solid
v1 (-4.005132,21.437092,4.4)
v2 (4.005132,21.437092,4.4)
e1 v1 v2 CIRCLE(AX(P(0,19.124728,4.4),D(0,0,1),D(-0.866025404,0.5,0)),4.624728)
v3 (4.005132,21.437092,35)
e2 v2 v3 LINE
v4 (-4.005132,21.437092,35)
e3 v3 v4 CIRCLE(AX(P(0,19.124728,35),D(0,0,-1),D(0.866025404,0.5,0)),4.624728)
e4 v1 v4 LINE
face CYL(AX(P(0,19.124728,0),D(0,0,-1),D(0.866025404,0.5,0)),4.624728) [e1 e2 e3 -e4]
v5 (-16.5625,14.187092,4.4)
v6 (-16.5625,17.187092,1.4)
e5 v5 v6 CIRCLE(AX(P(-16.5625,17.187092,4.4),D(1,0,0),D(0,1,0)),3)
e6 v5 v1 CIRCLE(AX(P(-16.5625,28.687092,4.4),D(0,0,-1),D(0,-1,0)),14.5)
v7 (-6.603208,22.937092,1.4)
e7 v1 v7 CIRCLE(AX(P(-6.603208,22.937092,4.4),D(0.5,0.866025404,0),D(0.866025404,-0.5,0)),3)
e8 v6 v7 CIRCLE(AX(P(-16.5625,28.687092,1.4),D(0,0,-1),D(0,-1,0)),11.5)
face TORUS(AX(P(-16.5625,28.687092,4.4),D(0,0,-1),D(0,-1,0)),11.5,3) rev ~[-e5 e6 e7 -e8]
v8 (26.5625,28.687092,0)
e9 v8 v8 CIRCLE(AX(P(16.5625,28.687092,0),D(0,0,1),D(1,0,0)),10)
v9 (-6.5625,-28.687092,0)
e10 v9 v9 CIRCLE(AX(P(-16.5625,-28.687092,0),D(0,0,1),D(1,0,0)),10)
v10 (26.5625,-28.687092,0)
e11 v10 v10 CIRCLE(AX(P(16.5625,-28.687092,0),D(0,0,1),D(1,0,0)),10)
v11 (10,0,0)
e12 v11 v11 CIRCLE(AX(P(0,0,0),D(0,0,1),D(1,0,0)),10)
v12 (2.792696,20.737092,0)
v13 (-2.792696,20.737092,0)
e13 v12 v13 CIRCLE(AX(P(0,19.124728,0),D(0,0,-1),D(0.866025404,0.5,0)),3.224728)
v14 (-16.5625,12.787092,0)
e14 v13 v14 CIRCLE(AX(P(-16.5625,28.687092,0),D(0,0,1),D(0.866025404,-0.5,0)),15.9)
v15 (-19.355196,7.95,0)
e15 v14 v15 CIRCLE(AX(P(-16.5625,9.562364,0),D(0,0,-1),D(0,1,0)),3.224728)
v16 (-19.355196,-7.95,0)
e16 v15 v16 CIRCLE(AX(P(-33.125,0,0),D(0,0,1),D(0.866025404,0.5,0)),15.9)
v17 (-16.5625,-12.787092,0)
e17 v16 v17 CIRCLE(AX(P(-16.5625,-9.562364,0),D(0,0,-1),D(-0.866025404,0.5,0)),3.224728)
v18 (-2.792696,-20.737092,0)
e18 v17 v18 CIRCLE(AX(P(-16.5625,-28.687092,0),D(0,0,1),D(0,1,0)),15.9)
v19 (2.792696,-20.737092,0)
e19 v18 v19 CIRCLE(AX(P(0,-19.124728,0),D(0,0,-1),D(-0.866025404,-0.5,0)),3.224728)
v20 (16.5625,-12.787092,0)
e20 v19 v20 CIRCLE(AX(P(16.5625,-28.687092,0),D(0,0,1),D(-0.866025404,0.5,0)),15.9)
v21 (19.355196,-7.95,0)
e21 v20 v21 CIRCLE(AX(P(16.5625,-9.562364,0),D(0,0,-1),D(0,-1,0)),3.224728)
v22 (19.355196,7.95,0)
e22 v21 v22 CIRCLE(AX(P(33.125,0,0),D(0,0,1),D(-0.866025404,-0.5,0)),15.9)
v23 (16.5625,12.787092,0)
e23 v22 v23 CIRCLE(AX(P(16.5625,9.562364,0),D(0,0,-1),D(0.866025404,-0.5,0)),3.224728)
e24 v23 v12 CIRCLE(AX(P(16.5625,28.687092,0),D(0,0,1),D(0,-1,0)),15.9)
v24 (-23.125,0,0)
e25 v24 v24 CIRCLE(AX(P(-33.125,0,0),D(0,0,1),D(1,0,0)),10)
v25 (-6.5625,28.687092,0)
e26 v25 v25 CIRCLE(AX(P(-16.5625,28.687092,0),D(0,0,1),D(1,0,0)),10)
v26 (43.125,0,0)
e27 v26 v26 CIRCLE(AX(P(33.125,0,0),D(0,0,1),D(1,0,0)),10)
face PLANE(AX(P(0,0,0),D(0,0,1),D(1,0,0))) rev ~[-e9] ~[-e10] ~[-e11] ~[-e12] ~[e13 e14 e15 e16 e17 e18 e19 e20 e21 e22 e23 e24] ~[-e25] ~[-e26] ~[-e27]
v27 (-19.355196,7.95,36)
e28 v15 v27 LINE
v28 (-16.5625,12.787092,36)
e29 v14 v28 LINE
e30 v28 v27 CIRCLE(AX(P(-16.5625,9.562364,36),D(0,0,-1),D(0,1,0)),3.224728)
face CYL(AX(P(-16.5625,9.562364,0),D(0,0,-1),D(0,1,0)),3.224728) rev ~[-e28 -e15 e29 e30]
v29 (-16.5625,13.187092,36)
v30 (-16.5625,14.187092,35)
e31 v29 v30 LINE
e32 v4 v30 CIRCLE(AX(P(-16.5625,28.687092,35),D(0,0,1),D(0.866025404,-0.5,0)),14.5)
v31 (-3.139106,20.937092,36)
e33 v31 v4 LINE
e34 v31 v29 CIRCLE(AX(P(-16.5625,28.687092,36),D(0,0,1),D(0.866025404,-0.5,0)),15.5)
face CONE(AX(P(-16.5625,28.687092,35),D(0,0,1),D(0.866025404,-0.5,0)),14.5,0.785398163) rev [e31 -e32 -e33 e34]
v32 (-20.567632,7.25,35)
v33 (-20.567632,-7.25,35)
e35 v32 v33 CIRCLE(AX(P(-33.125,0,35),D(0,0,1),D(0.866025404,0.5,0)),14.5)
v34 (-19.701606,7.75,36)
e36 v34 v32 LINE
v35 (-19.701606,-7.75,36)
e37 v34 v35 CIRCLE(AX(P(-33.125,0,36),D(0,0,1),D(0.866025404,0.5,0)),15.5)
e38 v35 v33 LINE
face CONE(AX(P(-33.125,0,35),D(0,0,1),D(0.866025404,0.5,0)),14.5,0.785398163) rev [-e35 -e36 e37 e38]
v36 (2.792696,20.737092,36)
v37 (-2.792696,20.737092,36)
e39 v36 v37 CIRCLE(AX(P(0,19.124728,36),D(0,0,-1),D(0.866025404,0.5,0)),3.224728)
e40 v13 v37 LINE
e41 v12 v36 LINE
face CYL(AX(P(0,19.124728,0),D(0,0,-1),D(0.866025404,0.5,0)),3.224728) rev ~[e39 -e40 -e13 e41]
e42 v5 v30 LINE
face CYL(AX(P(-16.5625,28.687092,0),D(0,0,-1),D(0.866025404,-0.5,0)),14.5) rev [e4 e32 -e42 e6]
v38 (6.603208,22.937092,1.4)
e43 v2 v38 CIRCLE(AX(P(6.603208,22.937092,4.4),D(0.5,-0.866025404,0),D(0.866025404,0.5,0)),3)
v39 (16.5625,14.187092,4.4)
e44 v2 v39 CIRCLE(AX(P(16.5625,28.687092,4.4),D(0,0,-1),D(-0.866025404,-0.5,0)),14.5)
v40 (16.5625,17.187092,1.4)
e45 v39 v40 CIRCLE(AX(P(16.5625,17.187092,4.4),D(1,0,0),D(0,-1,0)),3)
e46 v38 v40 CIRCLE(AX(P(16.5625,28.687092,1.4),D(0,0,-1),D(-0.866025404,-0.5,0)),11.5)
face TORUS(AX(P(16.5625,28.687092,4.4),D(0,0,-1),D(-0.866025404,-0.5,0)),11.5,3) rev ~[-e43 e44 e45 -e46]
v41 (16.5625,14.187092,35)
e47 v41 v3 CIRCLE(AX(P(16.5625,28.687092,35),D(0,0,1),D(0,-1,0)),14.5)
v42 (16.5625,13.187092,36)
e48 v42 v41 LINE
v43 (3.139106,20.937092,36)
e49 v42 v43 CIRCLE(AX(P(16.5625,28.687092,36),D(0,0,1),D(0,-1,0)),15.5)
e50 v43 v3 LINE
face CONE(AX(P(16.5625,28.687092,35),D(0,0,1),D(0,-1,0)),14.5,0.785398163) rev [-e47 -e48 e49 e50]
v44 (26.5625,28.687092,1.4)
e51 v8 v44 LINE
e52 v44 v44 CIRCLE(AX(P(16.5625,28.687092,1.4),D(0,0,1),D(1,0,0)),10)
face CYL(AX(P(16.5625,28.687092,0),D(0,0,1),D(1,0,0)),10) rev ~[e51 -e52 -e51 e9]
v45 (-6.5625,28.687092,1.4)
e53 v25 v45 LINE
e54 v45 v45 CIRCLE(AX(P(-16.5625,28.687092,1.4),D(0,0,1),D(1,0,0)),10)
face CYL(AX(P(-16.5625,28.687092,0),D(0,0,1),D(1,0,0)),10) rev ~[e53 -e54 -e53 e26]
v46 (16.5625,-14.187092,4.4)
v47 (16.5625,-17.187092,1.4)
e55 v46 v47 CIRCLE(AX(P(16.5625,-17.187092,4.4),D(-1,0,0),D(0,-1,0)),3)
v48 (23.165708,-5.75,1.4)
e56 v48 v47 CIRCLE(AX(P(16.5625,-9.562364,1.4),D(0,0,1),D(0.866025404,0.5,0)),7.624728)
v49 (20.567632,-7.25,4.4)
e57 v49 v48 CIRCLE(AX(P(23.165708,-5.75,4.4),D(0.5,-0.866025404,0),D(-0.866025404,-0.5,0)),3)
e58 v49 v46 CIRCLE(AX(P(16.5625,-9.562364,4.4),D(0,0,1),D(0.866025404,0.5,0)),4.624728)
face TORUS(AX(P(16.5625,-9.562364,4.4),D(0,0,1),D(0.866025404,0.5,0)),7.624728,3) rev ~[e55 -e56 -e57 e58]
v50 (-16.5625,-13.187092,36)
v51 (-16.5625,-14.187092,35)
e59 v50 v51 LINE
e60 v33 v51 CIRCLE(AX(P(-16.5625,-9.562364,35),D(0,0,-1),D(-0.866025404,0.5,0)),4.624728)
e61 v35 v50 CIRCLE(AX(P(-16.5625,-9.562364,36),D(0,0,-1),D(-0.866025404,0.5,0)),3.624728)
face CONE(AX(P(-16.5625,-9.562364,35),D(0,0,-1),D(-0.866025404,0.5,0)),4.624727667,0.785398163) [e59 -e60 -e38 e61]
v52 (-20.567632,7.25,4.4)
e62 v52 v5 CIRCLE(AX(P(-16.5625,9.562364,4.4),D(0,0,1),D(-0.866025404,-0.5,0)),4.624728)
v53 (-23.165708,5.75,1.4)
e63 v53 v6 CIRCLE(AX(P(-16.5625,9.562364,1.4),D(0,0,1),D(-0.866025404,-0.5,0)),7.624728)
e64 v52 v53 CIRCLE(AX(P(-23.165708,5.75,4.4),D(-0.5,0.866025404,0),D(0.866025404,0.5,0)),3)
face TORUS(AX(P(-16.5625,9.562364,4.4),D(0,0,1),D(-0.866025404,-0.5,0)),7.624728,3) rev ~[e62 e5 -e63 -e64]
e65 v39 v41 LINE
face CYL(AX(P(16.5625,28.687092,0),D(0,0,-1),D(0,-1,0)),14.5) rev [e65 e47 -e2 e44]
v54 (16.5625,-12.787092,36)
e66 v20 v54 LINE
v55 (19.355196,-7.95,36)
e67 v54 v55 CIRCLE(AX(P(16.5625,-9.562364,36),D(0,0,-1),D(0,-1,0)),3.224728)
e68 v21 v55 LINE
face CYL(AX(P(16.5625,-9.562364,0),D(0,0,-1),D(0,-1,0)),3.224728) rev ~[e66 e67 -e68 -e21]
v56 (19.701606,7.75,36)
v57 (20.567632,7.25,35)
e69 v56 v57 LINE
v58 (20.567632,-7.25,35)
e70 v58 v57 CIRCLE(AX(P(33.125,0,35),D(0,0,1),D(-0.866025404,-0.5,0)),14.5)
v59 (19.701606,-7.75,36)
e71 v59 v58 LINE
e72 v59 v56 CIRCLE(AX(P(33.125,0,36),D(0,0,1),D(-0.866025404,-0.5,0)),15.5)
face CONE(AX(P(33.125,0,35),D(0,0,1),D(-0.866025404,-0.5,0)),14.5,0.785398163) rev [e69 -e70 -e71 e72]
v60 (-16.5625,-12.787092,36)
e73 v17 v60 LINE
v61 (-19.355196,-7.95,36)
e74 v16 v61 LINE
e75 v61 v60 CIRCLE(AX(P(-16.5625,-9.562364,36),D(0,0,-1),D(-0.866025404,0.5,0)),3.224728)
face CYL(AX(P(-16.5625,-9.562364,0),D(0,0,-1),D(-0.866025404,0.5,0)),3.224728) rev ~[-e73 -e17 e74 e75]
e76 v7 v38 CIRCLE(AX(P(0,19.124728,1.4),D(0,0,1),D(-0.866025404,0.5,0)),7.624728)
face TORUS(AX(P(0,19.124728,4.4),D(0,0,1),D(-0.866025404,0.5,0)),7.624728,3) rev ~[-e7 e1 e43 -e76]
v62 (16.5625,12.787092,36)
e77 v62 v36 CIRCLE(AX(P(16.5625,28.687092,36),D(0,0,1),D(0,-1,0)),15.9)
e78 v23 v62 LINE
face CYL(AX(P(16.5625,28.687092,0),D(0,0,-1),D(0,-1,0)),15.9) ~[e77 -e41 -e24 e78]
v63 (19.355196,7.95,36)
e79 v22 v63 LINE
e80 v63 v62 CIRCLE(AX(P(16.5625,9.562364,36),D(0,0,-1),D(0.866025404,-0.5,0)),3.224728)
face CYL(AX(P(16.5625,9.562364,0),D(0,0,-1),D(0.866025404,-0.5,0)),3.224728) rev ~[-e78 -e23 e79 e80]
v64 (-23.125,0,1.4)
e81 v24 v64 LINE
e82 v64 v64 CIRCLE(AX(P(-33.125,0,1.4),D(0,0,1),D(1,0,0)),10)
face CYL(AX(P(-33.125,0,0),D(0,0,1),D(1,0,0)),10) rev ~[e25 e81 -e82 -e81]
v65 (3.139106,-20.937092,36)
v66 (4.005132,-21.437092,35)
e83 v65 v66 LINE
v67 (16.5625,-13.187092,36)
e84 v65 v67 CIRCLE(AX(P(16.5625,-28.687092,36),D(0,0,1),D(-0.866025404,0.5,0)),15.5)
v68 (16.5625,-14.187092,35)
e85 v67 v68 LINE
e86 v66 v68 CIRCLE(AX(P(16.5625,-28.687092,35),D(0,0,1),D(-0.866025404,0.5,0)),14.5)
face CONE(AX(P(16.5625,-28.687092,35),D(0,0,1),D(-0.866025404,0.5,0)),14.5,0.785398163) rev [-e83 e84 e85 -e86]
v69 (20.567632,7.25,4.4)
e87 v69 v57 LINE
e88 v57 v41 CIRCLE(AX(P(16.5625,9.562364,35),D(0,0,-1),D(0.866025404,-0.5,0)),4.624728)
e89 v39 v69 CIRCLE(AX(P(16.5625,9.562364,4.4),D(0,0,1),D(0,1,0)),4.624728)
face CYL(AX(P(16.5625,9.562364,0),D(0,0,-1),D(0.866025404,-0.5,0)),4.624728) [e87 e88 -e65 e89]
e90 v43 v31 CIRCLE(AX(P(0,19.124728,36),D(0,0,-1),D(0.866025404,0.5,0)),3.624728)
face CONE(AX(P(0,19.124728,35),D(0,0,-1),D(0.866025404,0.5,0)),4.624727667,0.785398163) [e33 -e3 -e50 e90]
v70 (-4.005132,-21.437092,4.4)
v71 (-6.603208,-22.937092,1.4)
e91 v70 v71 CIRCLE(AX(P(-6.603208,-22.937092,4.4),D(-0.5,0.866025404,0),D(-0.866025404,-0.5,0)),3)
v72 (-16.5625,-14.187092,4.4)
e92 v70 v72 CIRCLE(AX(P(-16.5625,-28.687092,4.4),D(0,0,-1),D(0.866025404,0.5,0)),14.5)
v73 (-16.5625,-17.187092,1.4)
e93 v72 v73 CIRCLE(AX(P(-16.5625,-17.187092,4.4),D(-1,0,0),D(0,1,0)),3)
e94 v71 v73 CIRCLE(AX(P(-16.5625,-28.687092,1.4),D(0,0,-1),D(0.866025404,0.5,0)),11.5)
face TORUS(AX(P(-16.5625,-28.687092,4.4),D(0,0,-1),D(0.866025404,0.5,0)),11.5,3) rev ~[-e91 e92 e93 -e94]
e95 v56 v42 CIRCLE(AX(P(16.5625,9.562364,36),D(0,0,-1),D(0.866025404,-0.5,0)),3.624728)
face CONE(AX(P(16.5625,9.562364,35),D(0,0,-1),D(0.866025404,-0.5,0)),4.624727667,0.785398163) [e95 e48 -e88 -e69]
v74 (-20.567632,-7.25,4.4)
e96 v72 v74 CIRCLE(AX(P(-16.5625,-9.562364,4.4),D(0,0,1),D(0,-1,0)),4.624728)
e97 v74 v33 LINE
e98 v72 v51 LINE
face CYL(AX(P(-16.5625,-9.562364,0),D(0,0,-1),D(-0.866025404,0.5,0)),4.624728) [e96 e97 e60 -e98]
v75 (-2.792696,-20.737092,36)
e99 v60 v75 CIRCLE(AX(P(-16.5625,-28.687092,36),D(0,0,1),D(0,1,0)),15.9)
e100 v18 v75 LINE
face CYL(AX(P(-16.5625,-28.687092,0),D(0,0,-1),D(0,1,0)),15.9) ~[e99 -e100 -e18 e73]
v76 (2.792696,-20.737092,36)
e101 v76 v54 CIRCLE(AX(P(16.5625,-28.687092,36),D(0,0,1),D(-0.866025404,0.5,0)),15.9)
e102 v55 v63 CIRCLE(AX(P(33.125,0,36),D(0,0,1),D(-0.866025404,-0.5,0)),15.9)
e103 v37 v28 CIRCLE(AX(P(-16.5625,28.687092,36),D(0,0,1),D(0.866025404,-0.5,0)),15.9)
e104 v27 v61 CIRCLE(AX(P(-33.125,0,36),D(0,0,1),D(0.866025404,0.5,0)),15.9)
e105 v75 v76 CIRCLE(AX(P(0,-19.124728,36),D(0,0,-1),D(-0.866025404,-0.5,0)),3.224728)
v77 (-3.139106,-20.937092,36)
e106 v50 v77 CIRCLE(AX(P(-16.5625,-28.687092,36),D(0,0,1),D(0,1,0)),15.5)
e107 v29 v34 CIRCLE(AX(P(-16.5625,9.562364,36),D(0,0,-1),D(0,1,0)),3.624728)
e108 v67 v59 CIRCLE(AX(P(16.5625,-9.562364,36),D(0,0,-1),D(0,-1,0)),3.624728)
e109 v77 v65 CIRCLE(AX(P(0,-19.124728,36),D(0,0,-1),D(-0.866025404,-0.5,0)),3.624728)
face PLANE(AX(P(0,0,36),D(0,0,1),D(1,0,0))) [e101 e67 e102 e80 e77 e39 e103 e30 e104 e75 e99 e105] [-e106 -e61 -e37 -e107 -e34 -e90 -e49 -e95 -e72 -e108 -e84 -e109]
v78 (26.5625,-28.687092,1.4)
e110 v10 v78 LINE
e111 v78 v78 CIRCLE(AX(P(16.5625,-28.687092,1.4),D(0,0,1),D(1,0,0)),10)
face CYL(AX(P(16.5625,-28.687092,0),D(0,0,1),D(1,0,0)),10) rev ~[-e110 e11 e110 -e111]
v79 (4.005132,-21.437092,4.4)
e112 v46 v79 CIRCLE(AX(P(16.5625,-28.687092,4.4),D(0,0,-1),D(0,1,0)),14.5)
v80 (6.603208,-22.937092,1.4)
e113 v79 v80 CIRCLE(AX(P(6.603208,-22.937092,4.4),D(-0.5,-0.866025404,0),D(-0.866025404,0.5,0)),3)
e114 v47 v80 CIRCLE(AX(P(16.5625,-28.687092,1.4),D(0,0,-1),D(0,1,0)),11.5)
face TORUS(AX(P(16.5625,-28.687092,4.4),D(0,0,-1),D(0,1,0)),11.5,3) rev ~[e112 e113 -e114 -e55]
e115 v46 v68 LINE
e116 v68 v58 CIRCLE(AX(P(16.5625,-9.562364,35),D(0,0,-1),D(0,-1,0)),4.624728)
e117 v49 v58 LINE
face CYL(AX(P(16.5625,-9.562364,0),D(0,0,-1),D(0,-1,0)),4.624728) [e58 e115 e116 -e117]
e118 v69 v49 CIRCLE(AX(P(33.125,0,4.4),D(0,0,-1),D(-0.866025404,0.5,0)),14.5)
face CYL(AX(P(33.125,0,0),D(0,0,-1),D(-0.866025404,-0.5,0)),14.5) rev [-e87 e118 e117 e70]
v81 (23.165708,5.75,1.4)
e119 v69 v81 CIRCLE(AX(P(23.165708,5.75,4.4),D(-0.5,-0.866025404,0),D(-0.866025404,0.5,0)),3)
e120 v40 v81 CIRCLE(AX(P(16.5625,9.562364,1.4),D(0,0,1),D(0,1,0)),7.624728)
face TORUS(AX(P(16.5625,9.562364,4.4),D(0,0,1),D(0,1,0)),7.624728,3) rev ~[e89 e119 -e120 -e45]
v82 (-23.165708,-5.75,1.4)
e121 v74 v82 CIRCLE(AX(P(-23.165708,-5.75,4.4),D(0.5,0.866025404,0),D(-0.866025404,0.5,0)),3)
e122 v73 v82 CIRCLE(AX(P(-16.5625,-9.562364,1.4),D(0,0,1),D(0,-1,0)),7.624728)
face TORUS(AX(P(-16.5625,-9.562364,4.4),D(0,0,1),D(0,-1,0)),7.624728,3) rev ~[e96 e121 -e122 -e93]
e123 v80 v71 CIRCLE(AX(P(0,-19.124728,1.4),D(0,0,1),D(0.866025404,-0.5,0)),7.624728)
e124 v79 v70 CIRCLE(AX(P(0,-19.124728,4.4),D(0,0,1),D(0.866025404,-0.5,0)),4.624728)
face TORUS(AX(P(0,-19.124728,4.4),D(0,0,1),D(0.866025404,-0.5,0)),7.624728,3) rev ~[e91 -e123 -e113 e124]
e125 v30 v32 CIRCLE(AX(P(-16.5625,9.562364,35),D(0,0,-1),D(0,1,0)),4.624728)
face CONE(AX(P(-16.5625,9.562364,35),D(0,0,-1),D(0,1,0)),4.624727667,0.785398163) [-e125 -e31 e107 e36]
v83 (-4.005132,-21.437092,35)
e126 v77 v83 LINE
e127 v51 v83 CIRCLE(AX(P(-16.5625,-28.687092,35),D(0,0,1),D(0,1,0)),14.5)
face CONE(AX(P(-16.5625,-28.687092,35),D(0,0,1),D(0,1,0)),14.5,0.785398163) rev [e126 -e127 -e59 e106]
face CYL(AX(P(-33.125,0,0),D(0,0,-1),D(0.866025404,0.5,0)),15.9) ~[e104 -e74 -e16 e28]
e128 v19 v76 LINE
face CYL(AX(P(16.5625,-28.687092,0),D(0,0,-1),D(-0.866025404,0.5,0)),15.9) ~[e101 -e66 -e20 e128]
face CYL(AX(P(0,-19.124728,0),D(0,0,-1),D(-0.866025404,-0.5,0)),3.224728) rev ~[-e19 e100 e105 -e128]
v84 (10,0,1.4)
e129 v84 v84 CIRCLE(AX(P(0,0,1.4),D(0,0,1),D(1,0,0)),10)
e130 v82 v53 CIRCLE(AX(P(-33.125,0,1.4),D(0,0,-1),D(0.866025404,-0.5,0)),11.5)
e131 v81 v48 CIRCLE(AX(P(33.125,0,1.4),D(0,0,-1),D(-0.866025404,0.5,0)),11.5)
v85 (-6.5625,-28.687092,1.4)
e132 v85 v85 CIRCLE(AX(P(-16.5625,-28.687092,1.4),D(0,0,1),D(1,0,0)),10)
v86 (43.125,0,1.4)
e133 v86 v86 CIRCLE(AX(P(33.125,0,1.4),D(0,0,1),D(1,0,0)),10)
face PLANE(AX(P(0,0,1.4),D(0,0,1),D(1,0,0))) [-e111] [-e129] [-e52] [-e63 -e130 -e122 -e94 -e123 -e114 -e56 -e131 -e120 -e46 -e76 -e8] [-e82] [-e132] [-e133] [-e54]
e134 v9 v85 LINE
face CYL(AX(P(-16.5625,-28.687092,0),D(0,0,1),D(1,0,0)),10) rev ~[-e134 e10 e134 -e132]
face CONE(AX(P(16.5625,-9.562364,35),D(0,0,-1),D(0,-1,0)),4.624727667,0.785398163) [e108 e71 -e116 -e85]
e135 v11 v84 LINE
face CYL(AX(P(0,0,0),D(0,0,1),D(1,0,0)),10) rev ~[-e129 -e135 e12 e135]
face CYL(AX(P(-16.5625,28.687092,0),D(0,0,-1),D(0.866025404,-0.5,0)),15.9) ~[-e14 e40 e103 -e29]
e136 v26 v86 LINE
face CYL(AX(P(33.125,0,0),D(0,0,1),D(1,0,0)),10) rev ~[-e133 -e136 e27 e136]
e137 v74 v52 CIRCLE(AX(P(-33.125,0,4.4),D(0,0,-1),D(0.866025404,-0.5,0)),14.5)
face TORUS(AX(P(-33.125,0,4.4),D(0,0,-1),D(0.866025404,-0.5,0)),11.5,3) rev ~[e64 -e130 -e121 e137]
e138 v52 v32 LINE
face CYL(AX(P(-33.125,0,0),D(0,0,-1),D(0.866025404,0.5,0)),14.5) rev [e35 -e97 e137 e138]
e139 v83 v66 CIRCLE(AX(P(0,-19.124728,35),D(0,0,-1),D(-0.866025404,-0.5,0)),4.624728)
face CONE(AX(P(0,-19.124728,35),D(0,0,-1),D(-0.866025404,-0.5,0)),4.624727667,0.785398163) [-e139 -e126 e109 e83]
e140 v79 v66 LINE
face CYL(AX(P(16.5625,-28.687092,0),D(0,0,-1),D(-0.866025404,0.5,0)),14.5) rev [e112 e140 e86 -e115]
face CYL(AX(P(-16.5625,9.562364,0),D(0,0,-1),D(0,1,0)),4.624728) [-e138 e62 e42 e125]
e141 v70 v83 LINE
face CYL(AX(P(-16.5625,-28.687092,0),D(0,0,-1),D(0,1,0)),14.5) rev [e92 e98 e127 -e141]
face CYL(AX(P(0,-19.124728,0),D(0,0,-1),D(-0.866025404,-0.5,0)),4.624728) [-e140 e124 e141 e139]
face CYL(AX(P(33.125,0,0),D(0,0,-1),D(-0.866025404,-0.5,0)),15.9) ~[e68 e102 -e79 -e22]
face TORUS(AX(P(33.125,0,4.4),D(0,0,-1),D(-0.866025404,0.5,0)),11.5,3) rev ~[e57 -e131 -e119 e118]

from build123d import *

# Parameters (mm, degrees)
F0_R     = 10
F1_DEPTH = 36
F2_T     = -1.4
F3_DEPTH = 12.5
F5_SIZE  = 1
F6_R     = 3


with BuildPart() as f1:
    # F0 (on Top) → F1 (new body)
    with BuildSketch(Plane.XY):
        with BuildLine():
            ThreePointArc((-16.5625, 12.7870915004), (-13.7698039202, 7.95), (-19.3551960798, 7.95))
            ThreePointArc((-19.3551960798, 7.95), (-49.025, 0), (-19.3551960798, -7.95))
            ThreePointArc((-19.3551960798, -7.95), (-13.7698039202, -7.95), (-16.5625, -12.7870915004))
            ThreePointArc((-16.5625, -12.7870915004), (-24.5125, -42.4568954205), (-2.7926960798, -20.7370915004))
            ThreePointArc((-2.7926960798, -20.7370915004), (0, -15.9), (2.7926960798, -20.7370915004))
            ThreePointArc((2.7926960798, -20.7370915004), (24.5125, -42.4568954205), (16.5625, -12.7870915004))
            ThreePointArc((16.5625, -12.7870915004), (13.7698039202, -7.95), (19.3551960798, -7.95))
            ThreePointArc((19.3551960798, -7.95), (49.025, 0), (19.3551960798, 7.95))
            ThreePointArc((19.3551960798, 7.95), (13.7698039202, 7.95), (16.5625, 12.7870915004))
            ThreePointArc((16.5625, 12.7870915004), (24.5125, 42.4568954205), (2.7926960798, 20.7370915004))
            ThreePointArc((2.7926960798, 20.7370915004), (0, 15.9), (-2.7926960798, 20.7370915004))
            ThreePointArc((-2.7926960798, 20.7370915004), (-24.5125, 42.4568954205), (-16.5625, 12.7870915004))
        make_face()
        with Locations((-16.5625, -28.6870915004)):
            Circle(F0_R, mode=Mode.SUBTRACT)
        with Locations((16.5625, -28.6870915004)):
            Circle(F0_R, mode=Mode.SUBTRACT)
        with Locations((-33.125, 0)):
            Circle(F0_R, mode=Mode.SUBTRACT)
        Circle(F0_R, mode=Mode.SUBTRACT)
        with Locations((-16.5625, 28.6870915004)):
            Circle(F0_R, mode=Mode.SUBTRACT)
        with Locations((33.125, 0)):
            Circle(F0_R, mode=Mode.SUBTRACT)
        with Locations((16.5625, 28.6870915004)):
            Circle(F0_R, mode=Mode.SUBTRACT)
        with Locations((16.5625, 28.6870915004)):
            Circle(F0_R)
        with Locations((33.125, 0)):
            Circle(F0_R)
        with Locations((16.5625, -28.6870915004)):
            Circle(F0_R)
        with Locations((-16.5625, -28.6870915004)):
            Circle(F0_R)
        with Locations((-33.125, 0)):
            Circle(F0_R)
        with Locations((-16.5625, 28.6870915004)):
            Circle(F0_R)
        Circle(F0_R)
    extrude(amount=F1_DEPTH)

    # F2
    f2_openings = [f1.faces().sort_by_distance(p)[0] for p in [
        (0, 0, 36),
    ]]
    offset(amount=F2_T, openings=f2_openings)


with BuildPart() as f3:
    # F0 (on Top) → F3 (new body, symmetric)
    with BuildSketch(Plane.XY):
        with Locations((-33.125, 0)):
            Circle(F0_R)
    extrude(amount=F3_DEPTH, both=True)


with BuildPart() as f3b:
    # F0 (on Top) → F3, piece 2 (new body, symmetric)
    with BuildSketch(Plane.XY):
        with Locations((-16.5625, -28.6870915004)):
            Circle(F0_R)
    extrude(amount=F3_DEPTH, both=True)


with BuildPart() as f3c:
    # F0 (on Top) → F3, piece 3 (new body, symmetric)
    with BuildSketch(Plane.XY):
        with Locations((16.5625, -28.6870915004)):
            Circle(F0_R)
    extrude(amount=F3_DEPTH, both=True)


with BuildPart() as f3d:
    # F0 (on Top) → F3, piece 4 (new body, symmetric)
    with BuildSketch(Plane.XY):
        with Locations((33.125, 0)):
            Circle(F0_R)
    extrude(amount=F3_DEPTH, both=True)


with BuildPart() as f3e:
    # F0 (on Top) → F3, piece 5 (new body, symmetric)
    with BuildSketch(Plane.XY):
        with Locations((16.5625, 28.6870915004)):
            Circle(F0_R)
    extrude(amount=F3_DEPTH, both=True)


with BuildPart() as f3f:
    # F0 (on Top) → F3, piece 6 (new body, symmetric)
    with BuildSketch(Plane.XY):
        with Locations((-16.5625, 28.6870915004)):
            Circle(F0_R)
    extrude(amount=F3_DEPTH, both=True)


with BuildPart() as f3g:
    # F0 (on Top) → F3, piece 7 (new body, symmetric)
    with BuildSketch(Plane.XY):
        Circle(F0_R)
    extrude(amount=F3_DEPTH, both=True)


with BuildPart() as f1_1:
    add(f1.part)

    # F4: cut F3d, F3c, F3g, F3, F3f, F3e, F3b
    add(f3d.part, mode=Mode.SUBTRACT)
    add(f3c.part, mode=Mode.SUBTRACT)
    add(f3g.part, mode=Mode.SUBTRACT)
    add(f3.part, mode=Mode.SUBTRACT)
    add(f3f.part, mode=Mode.SUBTRACT)
    add(f3e.part, mode=Mode.SUBTRACT)
    add(f3b.part, mode=Mode.SUBTRACT)

    # F5
    f5_edges = [f1_1.edges().sort_by_distance(p)[0] for p in [
        (47.625, 0, 36),
    ]]
    chamfer(f5_edges, length=F5_SIZE)

    # F6
    f6_edges = [f1_1.edges().sort_by_distance(p)[0] for p in [
        (47.625, 0, 1.4),
    ]]
    fillet(f6_edges, radius=F6_R)


solid = f1_1.part
